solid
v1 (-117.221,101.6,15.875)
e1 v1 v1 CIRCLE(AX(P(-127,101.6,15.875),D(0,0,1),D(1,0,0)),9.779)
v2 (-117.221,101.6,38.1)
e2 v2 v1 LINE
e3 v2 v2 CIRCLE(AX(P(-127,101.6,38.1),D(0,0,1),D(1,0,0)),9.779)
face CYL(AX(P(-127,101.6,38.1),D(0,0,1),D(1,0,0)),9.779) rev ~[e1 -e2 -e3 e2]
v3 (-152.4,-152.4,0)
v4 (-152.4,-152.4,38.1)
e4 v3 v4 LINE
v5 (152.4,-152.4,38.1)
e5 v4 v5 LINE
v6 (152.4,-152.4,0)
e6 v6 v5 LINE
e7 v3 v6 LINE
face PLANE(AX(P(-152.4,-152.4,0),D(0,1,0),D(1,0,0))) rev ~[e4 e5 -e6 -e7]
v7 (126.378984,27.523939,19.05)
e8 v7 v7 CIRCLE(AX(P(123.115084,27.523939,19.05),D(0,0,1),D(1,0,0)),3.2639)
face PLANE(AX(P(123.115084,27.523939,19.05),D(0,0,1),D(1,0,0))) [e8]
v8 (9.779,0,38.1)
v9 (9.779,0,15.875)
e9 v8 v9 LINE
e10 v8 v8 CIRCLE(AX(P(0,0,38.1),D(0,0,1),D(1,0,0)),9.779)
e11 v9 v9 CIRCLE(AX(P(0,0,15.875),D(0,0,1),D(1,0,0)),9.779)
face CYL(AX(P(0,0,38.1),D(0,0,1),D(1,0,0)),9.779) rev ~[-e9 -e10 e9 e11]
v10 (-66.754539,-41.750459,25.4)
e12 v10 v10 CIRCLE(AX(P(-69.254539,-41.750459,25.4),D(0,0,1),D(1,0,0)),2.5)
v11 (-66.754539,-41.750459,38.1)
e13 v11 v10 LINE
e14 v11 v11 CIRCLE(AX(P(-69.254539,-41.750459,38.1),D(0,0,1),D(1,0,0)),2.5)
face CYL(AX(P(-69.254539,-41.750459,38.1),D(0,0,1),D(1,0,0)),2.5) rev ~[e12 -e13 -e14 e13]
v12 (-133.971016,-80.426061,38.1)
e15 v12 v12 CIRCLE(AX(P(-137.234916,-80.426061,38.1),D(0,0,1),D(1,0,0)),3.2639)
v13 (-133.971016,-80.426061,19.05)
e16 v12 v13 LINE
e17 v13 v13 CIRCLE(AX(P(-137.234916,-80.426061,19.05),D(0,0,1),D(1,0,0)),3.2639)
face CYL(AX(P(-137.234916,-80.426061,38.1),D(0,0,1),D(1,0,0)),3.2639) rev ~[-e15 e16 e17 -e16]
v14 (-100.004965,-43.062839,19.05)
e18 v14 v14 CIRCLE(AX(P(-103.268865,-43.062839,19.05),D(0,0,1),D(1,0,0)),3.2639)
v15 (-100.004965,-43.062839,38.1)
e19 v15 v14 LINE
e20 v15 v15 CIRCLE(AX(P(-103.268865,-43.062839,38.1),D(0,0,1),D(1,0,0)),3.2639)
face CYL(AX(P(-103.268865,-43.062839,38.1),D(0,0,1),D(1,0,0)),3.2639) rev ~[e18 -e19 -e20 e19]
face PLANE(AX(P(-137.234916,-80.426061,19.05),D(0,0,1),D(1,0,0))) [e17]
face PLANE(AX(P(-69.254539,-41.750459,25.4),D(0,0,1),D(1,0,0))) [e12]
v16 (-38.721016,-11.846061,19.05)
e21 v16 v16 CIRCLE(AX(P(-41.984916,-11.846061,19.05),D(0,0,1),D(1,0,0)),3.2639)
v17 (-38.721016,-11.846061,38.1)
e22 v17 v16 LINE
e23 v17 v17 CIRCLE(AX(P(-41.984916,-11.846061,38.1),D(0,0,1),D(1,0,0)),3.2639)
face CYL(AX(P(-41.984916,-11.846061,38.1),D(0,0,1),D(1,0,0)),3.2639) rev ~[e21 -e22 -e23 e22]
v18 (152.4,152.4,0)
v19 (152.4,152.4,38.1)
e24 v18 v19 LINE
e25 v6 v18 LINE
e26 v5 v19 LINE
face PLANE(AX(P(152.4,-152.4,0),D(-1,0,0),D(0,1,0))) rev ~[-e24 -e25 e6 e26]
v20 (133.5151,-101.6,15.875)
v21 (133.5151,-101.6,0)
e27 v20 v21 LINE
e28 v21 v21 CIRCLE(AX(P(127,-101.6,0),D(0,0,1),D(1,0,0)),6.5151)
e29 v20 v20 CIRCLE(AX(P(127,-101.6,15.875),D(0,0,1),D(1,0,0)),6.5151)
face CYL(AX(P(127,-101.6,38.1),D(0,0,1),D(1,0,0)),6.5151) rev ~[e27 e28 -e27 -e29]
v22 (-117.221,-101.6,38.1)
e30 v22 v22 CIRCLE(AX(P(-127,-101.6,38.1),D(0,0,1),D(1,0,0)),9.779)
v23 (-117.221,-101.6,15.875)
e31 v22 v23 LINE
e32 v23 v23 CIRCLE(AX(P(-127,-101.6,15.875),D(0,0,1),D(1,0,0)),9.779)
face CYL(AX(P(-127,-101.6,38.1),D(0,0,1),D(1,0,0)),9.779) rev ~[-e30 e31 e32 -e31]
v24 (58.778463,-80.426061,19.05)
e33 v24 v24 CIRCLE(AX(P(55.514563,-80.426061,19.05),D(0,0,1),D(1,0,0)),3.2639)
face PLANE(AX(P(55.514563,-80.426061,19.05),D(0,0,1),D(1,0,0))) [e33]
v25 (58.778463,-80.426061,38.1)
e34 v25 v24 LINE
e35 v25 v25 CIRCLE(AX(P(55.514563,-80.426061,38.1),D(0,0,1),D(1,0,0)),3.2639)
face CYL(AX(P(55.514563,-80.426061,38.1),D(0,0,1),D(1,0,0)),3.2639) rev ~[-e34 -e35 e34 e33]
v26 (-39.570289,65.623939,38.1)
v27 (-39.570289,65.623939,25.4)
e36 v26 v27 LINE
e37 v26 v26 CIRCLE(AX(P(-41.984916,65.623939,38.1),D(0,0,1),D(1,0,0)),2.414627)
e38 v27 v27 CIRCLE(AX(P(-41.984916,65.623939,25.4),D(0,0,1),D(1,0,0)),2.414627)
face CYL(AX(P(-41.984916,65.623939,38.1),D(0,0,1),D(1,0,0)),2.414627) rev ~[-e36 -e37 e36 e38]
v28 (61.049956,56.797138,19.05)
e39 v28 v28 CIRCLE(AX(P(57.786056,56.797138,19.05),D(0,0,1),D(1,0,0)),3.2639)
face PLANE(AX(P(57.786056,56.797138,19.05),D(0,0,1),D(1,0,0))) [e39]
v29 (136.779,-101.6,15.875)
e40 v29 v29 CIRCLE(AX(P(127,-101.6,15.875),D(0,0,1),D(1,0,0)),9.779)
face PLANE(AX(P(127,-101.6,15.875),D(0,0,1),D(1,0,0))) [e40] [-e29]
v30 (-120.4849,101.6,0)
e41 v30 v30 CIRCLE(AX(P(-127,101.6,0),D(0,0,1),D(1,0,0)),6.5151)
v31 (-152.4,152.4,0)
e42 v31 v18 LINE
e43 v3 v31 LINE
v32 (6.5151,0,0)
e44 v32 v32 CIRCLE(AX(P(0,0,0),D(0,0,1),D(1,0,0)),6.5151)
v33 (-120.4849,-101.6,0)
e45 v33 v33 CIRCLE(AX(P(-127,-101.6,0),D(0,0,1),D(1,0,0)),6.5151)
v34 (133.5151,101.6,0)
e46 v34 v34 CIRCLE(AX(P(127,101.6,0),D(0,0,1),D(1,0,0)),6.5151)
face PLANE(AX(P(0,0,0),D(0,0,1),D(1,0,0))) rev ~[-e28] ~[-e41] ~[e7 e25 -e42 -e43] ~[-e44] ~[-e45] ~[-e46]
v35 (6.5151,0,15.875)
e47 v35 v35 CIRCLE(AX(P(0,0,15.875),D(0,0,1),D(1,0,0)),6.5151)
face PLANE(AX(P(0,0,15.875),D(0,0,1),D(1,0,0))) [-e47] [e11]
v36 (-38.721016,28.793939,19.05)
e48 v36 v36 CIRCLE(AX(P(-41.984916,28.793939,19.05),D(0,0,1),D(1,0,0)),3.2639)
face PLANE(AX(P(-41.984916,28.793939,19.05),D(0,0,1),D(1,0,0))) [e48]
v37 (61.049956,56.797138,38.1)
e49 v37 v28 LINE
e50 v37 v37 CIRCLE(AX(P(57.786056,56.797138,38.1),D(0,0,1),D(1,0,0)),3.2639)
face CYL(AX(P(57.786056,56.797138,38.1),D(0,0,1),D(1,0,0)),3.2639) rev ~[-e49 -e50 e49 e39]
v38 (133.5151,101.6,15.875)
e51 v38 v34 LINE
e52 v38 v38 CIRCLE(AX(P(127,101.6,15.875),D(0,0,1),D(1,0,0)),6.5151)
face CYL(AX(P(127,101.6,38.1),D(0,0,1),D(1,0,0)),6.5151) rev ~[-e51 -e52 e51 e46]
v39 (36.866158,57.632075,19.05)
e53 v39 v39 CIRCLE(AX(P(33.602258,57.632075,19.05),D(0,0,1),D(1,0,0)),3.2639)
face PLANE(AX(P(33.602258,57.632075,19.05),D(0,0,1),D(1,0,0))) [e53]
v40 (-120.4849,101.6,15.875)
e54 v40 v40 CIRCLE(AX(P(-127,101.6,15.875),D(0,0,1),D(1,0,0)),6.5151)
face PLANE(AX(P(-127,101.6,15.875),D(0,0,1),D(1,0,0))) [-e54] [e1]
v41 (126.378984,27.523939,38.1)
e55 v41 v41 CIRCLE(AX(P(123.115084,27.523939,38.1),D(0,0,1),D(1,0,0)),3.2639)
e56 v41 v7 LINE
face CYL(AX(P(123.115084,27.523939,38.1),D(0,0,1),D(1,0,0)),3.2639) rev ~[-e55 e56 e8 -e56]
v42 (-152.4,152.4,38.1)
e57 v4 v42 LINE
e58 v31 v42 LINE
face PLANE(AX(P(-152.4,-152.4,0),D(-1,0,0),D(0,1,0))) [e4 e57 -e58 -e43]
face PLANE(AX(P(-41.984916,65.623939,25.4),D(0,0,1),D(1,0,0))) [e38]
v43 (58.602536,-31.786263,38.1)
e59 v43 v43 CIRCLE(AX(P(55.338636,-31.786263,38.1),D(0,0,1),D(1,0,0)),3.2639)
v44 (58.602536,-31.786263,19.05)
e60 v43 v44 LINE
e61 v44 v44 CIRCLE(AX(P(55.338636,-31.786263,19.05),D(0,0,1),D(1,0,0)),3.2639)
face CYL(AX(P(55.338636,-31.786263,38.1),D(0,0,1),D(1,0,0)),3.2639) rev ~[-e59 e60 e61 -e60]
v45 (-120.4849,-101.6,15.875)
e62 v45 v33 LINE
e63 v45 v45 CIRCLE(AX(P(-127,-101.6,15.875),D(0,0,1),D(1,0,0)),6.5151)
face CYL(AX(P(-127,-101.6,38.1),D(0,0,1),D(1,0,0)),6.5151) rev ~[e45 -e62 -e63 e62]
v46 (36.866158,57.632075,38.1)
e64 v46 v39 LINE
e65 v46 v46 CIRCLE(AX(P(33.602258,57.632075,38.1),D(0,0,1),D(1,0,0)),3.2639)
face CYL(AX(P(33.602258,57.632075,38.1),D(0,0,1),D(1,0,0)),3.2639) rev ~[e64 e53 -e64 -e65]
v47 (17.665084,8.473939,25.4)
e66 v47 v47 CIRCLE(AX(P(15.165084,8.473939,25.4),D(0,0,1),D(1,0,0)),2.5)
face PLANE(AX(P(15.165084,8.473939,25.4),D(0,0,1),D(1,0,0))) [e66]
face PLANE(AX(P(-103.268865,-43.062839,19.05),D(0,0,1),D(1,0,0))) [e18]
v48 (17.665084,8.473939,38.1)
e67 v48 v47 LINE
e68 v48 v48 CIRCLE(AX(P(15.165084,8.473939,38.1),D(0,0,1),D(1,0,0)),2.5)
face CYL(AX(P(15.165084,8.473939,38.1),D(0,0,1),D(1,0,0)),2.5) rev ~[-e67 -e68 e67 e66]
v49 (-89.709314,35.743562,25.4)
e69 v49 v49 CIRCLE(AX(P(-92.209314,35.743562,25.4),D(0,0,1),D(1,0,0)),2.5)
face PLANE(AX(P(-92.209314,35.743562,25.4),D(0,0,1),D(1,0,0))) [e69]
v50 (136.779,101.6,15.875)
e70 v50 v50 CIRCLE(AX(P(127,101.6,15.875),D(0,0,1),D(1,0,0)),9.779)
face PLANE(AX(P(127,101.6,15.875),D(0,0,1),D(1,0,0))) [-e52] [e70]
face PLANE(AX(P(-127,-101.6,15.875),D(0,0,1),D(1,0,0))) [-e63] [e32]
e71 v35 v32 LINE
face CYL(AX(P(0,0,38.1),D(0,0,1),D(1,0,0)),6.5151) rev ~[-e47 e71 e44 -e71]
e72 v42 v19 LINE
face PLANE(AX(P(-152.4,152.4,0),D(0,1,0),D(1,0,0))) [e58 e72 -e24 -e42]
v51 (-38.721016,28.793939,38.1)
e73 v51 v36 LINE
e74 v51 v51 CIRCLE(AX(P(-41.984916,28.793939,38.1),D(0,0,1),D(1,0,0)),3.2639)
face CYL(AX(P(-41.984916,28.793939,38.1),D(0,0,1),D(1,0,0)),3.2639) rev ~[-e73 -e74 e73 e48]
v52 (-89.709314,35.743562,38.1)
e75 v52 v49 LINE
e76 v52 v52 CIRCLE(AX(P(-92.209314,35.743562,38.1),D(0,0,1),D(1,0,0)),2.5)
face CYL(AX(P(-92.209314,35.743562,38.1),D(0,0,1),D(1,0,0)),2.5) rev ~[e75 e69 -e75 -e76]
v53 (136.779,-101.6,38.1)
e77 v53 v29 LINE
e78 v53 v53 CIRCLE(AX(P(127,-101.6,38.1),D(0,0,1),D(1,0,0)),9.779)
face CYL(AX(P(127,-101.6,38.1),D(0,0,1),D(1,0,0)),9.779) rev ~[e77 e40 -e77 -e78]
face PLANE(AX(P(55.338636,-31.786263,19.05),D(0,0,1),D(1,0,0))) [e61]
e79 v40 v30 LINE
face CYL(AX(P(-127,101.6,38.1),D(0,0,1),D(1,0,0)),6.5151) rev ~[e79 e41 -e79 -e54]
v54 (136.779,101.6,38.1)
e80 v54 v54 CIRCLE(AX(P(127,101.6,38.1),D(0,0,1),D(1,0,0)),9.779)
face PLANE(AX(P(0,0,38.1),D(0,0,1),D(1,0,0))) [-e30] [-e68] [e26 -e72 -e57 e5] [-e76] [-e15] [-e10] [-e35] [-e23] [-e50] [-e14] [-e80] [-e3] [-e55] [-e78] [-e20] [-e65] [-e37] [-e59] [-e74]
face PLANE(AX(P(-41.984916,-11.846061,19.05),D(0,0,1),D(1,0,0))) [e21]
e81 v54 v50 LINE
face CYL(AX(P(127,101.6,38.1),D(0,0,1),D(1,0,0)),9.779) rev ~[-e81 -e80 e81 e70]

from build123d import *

# Parameters (mm, degrees)
SKETCH1_W                = 304.8
SKETCH1_H                = 304.8
BOSS_EXTRUDE1_DEPTH      = 38.1
SKETCH2_R                = 6.5151
HAAS_T_SLOT_HOLES_DEPTH  = 219.867836833
SKETCH3_R                = 9.779
HAAS_COUNTER_BORES_DEPTH = 22.225
SKETCH4_R                = 3.2639
CUT_EXTRUDE1_DEPTH       = 19.05
SKETCH5_R                = 2.414626773
SKETCH5_R_2              = 2.5
CUT_EXTRUDE2_DEPTH       = 12.7


with BuildPart() as part:
    # Sketch1 → Boss-Extrude1 (new body)
    with BuildSketch(Plane.XY):
        Rectangle(SKETCH1_W, SKETCH1_H)
    extrude(amount=BOSS_EXTRUDE1_DEPTH)

    # Sketch2 → HAAS T-Slot Holes (cut, through all)
    with BuildSketch(Plane.XY.offset(38.1)):
        with Locations((-127, 101.6)):
            Circle(SKETCH2_R)
        with Locations((127, 101.6)):
            Circle(SKETCH2_R)
        with Locations((127, -101.6)):
            Circle(SKETCH2_R)
        with Locations((-127, -101.6)):
            Circle(SKETCH2_R)
        Circle(SKETCH2_R)
    extrude(amount=-HAAS_T_SLOT_HOLES_DEPTH, mode=Mode.SUBTRACT)

    # Sketch3 → HAAS Counter Bores (cut)
    with BuildSketch(Plane.XY.offset(38.1)):
        with Locations((-127, 101.6)):
            Circle(SKETCH3_R)
        with Locations((127, 101.6)):
            Circle(SKETCH3_R)
        Circle(SKETCH3_R)
        with Locations((127, -101.6)):
            Circle(SKETCH3_R)
        with Locations((-127, -101.6)):
            Circle(SKETCH3_R)
    extrude(amount=-HAAS_COUNTER_BORES_DEPTH, mode=Mode.SUBTRACT)

    # Sketch4 → Cut-Extrude1 (cut)
    with BuildSketch(Plane.XY.offset(38.1)):
        with Locations((55.338636384, -31.78626265)):
            Circle(SKETCH4_R)
        with Locations((-103.268864702, -43.062839234)):
            Circle(SKETCH4_R)
        with Locations((-41.984915865, -11.846060915)):
            Circle(SKETCH4_R)
        with Locations((-41.984915865, 28.793939085)):
            Circle(SKETCH4_R)
        with Locations((123.115084135, 27.523939085)):
            Circle(SKETCH4_R)
        with Locations((-137.234915865, -80.426060915)):
            Circle(SKETCH4_R)
        with Locations((55.514563309, -80.426060915)):
            Circle(SKETCH4_R)
        with Locations((33.602258032, 57.632075165)):
            Circle(SKETCH4_R)
        with Locations((57.786056257, 56.797137583)):
            Circle(SKETCH4_R)
    extrude(amount=-CUT_EXTRUDE1_DEPTH, mode=Mode.SUBTRACT)

    # Sketch5 → Cut-Extrude2 (cut)
    with BuildSketch(Plane.XY.offset(38.1)):
        with Locations((-41.984915865, 65.623939085)):
            Circle(SKETCH5_R)
        with Locations((-92.209313854, 35.743562234)):
            Circle(SKETCH5_R_2)
        with Locations((-69.254539014, -41.750458903)):
            Circle(SKETCH5_R_2)
        with Locations((15.165084135, 8.473939085)):
            Circle(SKETCH5_R_2)
    extrude(amount=-CUT_EXTRUDE2_DEPTH, mode=Mode.SUBTRACT)


solid = part.part
